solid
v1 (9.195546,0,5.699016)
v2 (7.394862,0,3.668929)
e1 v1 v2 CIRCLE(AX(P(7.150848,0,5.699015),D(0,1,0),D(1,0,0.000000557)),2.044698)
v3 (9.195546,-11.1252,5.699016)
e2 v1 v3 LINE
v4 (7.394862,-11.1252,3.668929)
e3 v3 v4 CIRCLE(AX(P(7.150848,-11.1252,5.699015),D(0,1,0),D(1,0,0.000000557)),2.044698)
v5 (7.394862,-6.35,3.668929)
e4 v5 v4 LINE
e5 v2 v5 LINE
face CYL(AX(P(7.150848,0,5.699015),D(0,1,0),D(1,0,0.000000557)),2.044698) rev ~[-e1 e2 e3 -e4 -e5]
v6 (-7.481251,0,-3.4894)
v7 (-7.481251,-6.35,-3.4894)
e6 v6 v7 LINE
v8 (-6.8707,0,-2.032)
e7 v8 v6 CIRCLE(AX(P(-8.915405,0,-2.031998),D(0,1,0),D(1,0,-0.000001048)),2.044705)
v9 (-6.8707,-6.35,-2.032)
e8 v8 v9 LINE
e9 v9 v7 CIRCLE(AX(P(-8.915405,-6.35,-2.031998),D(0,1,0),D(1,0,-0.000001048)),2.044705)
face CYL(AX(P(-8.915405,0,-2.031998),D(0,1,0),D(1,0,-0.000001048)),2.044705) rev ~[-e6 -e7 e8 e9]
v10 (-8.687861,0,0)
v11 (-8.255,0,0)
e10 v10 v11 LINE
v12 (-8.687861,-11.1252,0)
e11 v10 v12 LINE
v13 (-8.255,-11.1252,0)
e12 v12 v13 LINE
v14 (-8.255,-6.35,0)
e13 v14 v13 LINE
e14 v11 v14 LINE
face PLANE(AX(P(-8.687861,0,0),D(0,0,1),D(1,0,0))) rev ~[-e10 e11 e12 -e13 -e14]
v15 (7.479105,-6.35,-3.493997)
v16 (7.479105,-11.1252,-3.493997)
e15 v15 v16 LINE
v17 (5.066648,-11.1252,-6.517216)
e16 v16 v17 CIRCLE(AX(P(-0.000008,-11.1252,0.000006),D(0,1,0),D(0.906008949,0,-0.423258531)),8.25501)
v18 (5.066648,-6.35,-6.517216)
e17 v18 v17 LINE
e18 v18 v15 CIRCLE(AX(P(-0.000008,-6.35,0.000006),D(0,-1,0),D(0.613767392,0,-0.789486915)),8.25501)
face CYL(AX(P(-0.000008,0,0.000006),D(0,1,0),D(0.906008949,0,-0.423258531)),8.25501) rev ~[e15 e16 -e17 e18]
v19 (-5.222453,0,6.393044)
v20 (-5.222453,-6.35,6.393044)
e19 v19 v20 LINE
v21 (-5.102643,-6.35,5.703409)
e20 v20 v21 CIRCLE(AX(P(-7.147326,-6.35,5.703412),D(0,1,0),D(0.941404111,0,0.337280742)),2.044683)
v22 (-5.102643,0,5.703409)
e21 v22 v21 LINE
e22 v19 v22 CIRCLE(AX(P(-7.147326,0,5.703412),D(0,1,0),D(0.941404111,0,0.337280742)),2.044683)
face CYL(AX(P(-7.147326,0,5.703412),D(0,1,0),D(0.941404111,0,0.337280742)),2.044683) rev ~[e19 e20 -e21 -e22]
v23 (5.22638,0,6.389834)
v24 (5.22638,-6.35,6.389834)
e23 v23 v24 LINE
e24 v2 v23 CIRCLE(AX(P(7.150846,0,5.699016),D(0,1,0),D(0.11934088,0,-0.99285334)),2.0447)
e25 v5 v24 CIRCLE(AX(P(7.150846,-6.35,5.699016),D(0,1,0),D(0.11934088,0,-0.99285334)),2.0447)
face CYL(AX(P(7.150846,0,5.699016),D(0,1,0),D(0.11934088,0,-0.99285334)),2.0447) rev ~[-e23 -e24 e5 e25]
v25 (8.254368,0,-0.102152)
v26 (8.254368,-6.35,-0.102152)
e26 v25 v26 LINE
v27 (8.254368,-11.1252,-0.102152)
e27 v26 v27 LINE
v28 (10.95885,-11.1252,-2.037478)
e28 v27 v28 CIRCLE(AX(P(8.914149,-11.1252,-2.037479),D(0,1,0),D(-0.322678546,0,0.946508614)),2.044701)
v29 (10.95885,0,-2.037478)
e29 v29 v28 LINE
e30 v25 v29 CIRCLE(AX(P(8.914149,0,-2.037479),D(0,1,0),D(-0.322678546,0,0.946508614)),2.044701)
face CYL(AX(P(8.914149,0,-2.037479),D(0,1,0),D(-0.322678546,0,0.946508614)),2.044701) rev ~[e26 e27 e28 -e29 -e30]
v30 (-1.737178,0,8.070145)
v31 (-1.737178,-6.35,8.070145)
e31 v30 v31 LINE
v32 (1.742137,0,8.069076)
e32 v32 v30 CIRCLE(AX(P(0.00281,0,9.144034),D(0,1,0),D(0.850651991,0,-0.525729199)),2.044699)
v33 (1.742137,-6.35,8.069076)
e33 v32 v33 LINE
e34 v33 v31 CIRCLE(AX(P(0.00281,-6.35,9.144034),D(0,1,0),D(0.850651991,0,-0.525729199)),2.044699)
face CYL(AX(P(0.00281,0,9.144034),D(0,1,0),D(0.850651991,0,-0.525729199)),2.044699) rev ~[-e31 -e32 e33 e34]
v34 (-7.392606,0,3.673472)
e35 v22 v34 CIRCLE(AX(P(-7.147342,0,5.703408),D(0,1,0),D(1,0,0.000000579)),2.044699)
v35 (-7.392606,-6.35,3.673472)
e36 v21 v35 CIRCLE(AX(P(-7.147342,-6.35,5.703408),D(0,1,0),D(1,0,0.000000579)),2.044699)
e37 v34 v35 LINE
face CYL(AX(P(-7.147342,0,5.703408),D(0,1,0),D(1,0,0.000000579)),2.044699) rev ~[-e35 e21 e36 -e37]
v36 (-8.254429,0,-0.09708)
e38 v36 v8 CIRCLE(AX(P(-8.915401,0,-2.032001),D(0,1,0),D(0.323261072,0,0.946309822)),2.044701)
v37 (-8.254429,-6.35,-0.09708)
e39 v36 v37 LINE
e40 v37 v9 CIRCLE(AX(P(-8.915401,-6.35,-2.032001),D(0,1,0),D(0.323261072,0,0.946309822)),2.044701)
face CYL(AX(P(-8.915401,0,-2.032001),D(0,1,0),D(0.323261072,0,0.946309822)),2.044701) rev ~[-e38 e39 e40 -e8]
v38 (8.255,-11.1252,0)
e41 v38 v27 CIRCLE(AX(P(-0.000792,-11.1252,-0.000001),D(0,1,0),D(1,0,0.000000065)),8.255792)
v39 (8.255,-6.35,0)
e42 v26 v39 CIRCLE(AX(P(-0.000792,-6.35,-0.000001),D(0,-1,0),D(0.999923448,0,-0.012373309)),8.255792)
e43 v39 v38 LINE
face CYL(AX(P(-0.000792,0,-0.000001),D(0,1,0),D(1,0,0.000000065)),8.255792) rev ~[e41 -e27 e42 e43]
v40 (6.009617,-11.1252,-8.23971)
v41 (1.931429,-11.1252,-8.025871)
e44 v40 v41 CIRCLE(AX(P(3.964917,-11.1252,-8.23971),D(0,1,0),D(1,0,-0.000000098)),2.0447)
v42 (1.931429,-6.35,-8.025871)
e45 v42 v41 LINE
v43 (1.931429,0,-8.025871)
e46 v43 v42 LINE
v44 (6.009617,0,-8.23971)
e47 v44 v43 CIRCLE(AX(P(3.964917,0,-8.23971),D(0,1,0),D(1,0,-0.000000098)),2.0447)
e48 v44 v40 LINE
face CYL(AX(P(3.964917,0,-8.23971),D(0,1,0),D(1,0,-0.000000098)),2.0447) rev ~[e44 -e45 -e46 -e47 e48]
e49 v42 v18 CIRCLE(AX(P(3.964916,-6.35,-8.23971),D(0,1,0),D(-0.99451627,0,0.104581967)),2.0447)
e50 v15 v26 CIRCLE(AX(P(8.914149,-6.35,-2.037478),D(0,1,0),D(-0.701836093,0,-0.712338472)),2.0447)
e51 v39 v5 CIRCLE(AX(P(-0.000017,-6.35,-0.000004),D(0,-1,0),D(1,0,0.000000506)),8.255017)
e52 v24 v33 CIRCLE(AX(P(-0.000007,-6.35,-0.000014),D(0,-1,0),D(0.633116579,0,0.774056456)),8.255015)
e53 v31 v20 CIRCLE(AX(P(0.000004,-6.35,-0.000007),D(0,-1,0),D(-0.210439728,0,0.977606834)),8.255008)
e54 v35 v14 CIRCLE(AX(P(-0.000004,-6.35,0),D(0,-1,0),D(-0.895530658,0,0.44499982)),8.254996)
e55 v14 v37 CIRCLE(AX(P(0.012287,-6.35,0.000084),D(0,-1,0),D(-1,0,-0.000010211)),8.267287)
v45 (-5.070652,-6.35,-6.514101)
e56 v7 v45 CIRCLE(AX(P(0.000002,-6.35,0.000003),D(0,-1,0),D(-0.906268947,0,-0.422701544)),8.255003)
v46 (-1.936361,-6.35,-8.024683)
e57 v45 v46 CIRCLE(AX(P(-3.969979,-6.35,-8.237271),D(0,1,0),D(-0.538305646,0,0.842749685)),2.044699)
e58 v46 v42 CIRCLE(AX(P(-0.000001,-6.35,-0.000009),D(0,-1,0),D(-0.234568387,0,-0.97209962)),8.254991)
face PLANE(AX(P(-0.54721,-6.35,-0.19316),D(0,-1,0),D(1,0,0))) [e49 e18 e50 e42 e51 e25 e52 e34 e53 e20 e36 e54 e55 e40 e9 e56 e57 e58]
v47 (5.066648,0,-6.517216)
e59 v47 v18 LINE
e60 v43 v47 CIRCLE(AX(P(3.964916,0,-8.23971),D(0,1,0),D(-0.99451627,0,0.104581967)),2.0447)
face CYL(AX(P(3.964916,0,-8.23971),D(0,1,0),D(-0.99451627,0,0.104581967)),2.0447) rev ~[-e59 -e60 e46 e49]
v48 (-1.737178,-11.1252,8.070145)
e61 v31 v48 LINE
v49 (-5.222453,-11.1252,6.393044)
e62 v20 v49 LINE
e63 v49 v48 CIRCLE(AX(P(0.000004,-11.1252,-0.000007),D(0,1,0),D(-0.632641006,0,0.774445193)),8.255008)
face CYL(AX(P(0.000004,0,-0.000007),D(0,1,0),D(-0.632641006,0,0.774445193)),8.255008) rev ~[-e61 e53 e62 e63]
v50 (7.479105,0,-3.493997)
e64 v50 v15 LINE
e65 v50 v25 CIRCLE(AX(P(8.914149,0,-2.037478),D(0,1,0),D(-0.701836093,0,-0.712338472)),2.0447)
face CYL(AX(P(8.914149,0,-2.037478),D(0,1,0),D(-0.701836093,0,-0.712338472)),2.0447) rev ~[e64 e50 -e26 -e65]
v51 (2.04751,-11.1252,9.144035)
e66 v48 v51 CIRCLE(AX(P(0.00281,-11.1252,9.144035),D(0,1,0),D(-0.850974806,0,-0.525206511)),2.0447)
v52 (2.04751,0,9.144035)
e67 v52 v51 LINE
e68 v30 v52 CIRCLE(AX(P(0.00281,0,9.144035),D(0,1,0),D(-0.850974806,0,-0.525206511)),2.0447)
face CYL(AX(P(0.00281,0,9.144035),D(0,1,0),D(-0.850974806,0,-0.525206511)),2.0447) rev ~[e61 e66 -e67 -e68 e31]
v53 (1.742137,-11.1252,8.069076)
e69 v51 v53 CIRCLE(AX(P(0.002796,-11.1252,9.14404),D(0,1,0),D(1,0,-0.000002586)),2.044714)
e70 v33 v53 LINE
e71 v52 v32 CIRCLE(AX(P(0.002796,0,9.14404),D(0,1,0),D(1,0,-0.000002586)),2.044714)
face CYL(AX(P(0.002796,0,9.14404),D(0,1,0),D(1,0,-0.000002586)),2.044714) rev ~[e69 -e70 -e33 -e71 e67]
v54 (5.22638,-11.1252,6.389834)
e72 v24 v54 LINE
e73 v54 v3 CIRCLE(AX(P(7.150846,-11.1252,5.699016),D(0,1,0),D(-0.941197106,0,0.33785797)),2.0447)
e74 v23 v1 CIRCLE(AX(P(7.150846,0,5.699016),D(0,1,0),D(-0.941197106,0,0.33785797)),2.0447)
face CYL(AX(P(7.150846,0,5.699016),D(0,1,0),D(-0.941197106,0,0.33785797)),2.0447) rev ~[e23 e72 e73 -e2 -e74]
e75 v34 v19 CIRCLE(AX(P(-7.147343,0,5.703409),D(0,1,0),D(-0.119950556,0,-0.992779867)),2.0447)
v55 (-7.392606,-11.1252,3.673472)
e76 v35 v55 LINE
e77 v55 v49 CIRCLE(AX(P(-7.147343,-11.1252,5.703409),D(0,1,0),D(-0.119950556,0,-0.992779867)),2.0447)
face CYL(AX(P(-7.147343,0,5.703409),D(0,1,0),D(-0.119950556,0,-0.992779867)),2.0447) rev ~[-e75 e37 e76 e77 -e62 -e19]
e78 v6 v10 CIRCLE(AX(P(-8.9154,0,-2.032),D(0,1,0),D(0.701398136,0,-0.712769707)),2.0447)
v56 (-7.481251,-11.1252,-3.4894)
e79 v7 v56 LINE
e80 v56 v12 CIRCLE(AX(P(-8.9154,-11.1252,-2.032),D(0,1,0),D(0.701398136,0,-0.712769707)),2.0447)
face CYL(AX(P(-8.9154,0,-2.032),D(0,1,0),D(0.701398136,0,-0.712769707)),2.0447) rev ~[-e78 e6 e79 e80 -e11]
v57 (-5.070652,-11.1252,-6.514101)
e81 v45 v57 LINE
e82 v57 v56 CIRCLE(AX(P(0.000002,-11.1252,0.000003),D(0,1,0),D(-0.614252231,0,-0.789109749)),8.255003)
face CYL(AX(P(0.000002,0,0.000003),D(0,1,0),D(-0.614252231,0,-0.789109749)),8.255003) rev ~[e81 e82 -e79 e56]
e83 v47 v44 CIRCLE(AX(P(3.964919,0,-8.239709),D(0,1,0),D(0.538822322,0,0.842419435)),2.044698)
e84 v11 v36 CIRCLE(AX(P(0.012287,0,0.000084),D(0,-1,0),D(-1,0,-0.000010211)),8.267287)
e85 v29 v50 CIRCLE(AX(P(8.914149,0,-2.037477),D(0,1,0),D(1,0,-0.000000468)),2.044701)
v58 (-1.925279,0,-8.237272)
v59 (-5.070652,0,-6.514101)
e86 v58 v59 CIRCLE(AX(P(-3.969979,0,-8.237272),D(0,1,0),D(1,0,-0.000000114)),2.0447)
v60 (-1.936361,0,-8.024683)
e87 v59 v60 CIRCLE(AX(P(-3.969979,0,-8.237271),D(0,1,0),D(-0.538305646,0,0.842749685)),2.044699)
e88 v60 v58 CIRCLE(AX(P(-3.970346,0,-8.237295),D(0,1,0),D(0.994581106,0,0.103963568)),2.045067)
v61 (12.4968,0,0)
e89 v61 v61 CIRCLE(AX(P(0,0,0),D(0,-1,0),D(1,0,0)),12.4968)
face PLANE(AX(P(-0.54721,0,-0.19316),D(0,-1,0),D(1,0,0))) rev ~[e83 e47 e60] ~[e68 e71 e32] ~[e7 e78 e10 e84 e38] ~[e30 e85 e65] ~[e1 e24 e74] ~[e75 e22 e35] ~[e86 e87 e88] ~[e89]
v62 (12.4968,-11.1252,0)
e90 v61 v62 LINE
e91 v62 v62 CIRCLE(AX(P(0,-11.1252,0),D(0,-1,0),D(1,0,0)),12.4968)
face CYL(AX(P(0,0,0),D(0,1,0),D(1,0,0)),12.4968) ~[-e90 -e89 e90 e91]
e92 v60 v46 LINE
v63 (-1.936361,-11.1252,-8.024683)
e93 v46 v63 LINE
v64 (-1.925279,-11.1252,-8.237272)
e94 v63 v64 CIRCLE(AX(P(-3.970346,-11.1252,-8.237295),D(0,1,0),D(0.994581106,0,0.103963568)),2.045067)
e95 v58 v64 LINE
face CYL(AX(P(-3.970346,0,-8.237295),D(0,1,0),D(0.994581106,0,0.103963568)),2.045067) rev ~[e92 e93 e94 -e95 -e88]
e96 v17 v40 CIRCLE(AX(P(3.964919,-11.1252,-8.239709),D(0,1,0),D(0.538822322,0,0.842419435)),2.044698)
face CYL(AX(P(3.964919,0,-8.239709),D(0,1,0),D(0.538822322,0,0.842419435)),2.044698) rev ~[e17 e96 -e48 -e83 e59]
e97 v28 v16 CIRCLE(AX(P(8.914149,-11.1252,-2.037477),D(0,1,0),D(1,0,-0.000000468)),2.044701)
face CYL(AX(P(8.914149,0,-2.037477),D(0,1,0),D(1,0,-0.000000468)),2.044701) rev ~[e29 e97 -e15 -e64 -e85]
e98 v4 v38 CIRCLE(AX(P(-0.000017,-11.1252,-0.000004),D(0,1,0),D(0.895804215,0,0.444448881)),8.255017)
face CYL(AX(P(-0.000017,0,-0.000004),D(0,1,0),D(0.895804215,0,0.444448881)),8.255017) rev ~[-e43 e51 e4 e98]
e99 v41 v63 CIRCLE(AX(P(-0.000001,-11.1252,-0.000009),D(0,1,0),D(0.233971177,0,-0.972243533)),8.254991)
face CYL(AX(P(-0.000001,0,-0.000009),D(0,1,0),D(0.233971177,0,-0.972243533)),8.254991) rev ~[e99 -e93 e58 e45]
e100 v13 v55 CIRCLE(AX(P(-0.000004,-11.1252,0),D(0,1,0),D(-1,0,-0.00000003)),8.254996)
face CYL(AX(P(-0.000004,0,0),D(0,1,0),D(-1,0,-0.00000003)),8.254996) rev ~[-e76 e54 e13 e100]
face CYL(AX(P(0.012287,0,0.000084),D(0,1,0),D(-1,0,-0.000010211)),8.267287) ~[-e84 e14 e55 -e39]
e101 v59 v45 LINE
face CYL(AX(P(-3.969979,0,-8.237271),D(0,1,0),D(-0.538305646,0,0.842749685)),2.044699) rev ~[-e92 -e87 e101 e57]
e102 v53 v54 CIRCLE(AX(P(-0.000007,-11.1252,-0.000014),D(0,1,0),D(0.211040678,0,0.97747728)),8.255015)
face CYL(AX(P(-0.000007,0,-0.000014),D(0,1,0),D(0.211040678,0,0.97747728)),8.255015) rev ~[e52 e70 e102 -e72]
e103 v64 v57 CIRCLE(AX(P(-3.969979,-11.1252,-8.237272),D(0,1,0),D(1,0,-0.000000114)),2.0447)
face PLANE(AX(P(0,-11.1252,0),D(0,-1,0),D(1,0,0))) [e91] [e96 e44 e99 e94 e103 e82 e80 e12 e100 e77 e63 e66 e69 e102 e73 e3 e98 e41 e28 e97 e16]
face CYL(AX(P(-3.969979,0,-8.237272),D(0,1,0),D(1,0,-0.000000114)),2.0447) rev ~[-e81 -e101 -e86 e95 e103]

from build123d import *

# Parameters (mm, degrees)
F0_R     = 12.4968
F1_DEPTH = 11.1252
F2_DEPTH = 6.35


with BuildPart() as f1:
    # F0 (on Front) → F1 (new body)
    with BuildSketch(Plane.XZ):
        Circle(F0_R)
        with BuildLine():
            ThreePointArc((7.394862, 3.668929), (8.037089, 1.884202), (8.255, 0))
            ThreePointArc((8.255, 0), (8.254842, -0.051077), (8.254368, -0.102152))
            ThreePointArc((8.254368, -0.102152), (10.104053, -0.374671), (10.95885, -2.037478))
            ThreePointArc((10.95885, -2.037478), (9.703631, -3.923616), (7.479105, -3.493997))
            ThreePointArc((7.479105, -3.493997), (6.452437, -5.148891), (5.066648, -6.517216))
            ThreePointArc((5.066648, -6.517216), (5.758448, -7.257852), (6.009617, -8.23971))
            ThreePointArc((6.009617, -8.23971), (3.85785, -10.281605), (1.931429, -8.025871))
            ThreePointArc((1.931429, -8.025871), (-0.002536, -8.255), (-1.936361, -8.024683))
            ThreePointArc((-1.936361, -8.024683), (-1.928052, -8.130833), (-1.925279, -8.237272))
            ThreePointArc((-1.925279, -8.237272), (-4.952388, -10.030501), (-5.070652, -6.514101))
            ThreePointArc((-5.070652, -6.514101), (-6.4556, -5.144925), (-7.481251, -3.4894))
            ThreePointArc((-7.481251, -3.4894), (-10.847828, -2.70022), (-8.687861, 0))
            Line((-8.687861, 0), (-8.255, 0))
            ThreePointArc((-8.255, 0), (-8.03651, 1.886672), (-7.392606, 3.673472))
            ThreePointArc((-7.392606, 3.673472), (-8.745562, 6.97875), (-5.222453, 6.393044))
            ThreePointArc((-5.222453, 6.393044), (-3.579425, 7.438598), (-1.737178, 8.070145))
            ThreePointArc((-1.737178, 8.070145), (-0.555332, 11.111082), (2.04751, 9.144035))
            ThreePointArc((2.04751, 9.144035), (1.969685, 8.585289), (1.742137, 8.069076))
            ThreePointArc((1.742137, 8.069076), (3.583995, 7.436397), (5.22638, 6.389834))
            ThreePointArc((5.22638, 6.389834), (7.501448, 7.713433), (9.195546, 5.699016))
            ThreePointArc((9.195546, 5.699016), (8.680509, 4.342207), (7.394862, 3.668929))
        make_face(mode=Mode.SUBTRACT)
    extrude(amount=F1_DEPTH)

    # F0 (on Front) → F2 (join)
    with BuildSketch(Plane.XZ):
        with BuildLine():
            ThreePointArc((8.254368, -0.102152), (8.254842, -0.051077), (8.255, 0))
            ThreePointArc((8.255, 0), (8.037089, 1.884202), (7.394862, 3.668929))
            ThreePointArc((7.394862, 3.668929), (5.551844, 4.424657), (5.22638, 6.389834))
            ThreePointArc((5.22638, 6.389834), (3.583995, 7.436397), (1.742137, 8.069076))
            ThreePointArc((1.742137, 8.069076), (0.002181, 7.099335), (-1.737178, 8.070145))
            ThreePointArc((-1.737178, 8.070145), (-3.579425, 7.438598), (-5.222453, 6.393044))
            ThreePointArc((-5.222453, 6.393044), (-5.132818, 6.053392), (-5.102643, 5.703409))
            ThreePointArc((-5.102643, 5.703409), (-5.791004, 4.173329), (-7.392606, 3.673472))
            ThreePointArc((-7.392606, 3.673472), (-8.03651, 1.886672), (-8.255, 0))
            Line((-8.255, 0), (0, 0))
            Line((0, 0), (0, -2.032))
            Line((0, -2.032), (-6.8707, -2.032))
            ThreePointArc((-6.8707, -2.032), (-7.029505, -2.822061), (-7.481251, -3.4894))
            ThreePointArc((-7.481251, -3.4894), (-6.4556, -5.144925), (-5.070652, -6.514101))
            ThreePointArc((-5.070652, -6.514101), (-3.082251, -6.395333), (-1.936361, -8.024683))
            ThreePointArc((-1.936361, -8.024683), (-0.002536, -8.255), (1.931429, -8.025871))
            ThreePointArc((1.931429, -8.025871), (3.078321, -6.397226), (5.066648, -6.517216))
            ThreePointArc((5.066648, -6.517216), (6.452437, -5.148891), (7.479105, -3.493997))
            ThreePointArc((7.479105, -3.493997), (6.920854, -1.581877), (8.254368, -0.102152))
        make_face()
        with BuildLine():
            Line((0, 0), (-8.255, 0))
            ThreePointArc((-8.255, 0), (-8.254857, -0.048541), (-8.254429, -0.09708))
            ThreePointArc((-8.254429, -0.09708), (-7.252228, -0.842607), (-6.8707, -2.032))
            Line((-6.8707, -2.032), (0, -2.032))
            Line((0, -2.032), (0, 0))
        make_face()
    extrude(amount=F2_DEPTH)


solid = f1.part
